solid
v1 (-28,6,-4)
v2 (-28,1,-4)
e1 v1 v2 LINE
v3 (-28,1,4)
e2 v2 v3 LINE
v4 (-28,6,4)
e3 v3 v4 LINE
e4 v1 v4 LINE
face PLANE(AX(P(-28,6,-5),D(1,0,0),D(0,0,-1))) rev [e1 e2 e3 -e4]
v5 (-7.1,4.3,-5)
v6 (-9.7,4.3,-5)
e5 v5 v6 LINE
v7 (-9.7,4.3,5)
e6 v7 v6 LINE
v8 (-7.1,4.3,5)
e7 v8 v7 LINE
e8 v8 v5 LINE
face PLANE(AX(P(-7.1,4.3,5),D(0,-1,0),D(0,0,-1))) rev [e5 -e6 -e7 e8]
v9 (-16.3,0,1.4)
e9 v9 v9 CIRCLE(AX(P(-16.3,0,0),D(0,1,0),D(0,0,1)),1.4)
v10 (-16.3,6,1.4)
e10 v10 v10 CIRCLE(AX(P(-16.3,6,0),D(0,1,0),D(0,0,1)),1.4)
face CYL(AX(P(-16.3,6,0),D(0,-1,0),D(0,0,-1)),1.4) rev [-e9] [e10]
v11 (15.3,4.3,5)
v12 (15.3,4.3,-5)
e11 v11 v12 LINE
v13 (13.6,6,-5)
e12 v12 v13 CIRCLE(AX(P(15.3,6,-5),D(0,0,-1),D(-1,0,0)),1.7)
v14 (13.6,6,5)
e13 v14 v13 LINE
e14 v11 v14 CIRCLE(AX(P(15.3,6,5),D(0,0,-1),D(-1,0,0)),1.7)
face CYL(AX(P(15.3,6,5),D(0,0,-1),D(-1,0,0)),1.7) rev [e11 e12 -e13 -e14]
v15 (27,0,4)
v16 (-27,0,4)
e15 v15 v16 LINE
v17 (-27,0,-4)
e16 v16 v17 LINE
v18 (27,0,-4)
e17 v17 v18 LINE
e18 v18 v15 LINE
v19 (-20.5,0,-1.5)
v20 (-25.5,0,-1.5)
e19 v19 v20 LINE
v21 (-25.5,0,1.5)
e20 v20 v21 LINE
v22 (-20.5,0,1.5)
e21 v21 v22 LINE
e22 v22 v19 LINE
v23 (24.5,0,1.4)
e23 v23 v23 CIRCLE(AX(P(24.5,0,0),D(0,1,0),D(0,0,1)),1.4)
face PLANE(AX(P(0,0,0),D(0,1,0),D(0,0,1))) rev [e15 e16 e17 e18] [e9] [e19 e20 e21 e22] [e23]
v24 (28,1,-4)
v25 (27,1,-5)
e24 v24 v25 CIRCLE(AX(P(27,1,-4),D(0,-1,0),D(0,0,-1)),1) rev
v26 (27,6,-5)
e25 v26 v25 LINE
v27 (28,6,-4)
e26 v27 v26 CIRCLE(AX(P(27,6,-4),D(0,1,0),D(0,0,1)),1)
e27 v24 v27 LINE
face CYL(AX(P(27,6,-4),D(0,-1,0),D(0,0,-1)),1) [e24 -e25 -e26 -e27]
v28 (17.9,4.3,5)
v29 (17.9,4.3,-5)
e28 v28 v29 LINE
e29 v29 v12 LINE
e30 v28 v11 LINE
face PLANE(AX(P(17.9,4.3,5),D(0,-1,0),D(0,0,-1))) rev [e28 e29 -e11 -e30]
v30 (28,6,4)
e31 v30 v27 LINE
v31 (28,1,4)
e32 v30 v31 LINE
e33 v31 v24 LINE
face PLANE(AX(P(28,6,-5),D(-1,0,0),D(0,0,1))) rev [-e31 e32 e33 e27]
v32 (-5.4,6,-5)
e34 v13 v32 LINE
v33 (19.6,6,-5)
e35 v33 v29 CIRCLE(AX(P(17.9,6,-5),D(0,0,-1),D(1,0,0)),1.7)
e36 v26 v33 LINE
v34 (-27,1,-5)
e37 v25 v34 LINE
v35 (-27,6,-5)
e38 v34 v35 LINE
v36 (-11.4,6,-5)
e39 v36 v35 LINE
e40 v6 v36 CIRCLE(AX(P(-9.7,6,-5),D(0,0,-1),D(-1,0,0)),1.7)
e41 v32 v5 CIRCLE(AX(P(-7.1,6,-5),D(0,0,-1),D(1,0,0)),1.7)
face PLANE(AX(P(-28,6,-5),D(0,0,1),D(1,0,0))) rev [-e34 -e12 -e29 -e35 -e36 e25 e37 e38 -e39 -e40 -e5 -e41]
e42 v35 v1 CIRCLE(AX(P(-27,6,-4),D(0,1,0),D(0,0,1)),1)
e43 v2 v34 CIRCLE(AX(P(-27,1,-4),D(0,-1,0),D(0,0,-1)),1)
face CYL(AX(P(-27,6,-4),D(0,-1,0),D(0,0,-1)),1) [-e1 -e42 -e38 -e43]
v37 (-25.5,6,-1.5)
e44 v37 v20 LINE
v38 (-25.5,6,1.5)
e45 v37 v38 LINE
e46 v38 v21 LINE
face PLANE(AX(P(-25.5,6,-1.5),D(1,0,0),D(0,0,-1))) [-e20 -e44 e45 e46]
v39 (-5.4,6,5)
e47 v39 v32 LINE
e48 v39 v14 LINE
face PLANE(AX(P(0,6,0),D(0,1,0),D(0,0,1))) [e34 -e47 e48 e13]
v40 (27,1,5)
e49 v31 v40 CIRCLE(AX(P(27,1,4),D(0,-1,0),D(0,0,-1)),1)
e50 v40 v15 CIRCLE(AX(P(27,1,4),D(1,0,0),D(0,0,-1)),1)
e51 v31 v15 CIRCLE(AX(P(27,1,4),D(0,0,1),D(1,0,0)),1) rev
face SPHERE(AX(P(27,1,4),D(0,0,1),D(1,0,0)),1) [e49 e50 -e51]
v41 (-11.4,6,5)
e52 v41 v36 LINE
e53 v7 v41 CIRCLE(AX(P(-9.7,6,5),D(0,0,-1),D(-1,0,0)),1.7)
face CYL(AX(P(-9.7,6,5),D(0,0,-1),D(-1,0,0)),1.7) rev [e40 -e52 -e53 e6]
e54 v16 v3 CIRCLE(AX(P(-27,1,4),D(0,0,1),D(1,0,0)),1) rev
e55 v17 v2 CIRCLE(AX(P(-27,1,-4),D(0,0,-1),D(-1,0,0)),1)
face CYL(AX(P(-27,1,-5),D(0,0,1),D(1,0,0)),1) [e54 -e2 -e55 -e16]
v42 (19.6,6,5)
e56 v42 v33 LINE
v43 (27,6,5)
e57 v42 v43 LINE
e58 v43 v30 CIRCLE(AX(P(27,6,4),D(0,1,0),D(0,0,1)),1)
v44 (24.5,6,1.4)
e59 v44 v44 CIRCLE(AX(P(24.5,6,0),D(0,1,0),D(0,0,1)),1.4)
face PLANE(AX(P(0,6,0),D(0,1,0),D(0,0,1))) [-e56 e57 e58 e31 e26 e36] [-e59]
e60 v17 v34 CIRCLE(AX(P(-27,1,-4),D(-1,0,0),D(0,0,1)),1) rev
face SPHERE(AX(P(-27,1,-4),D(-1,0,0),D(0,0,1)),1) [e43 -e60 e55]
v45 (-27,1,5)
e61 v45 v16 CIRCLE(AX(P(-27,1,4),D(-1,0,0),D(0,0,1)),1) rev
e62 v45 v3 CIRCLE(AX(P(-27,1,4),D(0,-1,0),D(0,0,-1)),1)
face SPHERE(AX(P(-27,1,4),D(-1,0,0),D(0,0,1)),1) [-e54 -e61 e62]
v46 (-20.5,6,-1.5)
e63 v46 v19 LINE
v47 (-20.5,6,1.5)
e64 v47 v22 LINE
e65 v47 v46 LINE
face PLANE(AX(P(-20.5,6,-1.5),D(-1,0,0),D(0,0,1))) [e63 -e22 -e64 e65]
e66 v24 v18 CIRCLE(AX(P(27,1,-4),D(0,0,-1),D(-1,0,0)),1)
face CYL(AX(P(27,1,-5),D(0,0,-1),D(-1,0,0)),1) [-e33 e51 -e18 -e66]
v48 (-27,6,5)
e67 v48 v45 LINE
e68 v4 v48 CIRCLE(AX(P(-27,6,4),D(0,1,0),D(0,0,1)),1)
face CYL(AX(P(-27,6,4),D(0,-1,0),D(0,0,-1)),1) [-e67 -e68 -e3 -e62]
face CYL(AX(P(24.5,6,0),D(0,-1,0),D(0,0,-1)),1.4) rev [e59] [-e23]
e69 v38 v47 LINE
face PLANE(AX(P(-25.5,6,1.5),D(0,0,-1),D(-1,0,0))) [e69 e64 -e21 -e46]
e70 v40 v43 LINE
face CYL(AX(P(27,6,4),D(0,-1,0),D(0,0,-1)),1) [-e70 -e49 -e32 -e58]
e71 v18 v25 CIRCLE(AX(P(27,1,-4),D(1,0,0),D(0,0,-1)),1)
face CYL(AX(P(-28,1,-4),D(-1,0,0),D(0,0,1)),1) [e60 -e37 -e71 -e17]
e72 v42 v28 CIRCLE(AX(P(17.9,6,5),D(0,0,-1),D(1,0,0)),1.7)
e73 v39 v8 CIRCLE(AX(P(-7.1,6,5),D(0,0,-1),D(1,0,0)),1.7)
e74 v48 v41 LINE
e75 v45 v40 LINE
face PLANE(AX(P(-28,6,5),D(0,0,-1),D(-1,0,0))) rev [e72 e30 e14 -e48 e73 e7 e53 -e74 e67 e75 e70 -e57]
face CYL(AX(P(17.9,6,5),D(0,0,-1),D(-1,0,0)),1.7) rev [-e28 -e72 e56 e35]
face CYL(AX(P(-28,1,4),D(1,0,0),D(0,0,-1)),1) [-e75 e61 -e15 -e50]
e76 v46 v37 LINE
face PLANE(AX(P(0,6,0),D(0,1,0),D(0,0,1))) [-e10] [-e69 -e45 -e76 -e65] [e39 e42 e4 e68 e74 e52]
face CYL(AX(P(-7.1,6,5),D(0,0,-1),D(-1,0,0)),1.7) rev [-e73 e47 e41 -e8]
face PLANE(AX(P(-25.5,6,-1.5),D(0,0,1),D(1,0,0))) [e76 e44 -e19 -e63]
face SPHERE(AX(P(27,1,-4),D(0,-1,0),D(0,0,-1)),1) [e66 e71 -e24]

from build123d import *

# Parameters (mm, degrees)
SKETCH1_W                 = 56
SKETCH1_H                 = 10
SKETCH1_R                 = 1.4
SKETCH1_W_2               = 5
SKETCH1_H_2               = 3
BASE_DEPTH                = 6
BASKET_WIRE_GROOVES_DEPTH = 31.331501776
F_1MM_EDGE_FILLETS_R      = 1


with BuildPart() as part:
    # Sketch1 → Base (new body)
    with BuildSketch(Plane(origin=(0, 0, 0), x_dir=(1, 0, 0), z_dir=(0, 1, 0))):
        Rectangle(SKETCH1_W, SKETCH1_H)
        with Locations((-16.3, 0)):
            Circle(SKETCH1_R, mode=Mode.SUBTRACT)
        with Locations((24.5, 0)):
            Circle(SKETCH1_R, mode=Mode.SUBTRACT)
        with Locations((-23, 0)):
            Rectangle(SKETCH1_W_2, SKETCH1_H_2, mode=Mode.SUBTRACT)
    extrude(amount=BASE_DEPTH)

    # Sketch2 → Basket Wire Grooves (cut, through all)
    with BuildSketch(Plane(origin=(0, 0, -5), x_dir=(-1, 0, 0), z_dir=(0, 0, -1))):
        with BuildLine():
            Line((-13.6, 6), (-19.6, 6))
            ThreePointArc((-19.6, 6), (-19.102081528, 4.797918472), (-17.9, 4.3))
            Line((-17.9, 4.3), (-15.3, 4.3))
            ThreePointArc((-15.3, 4.3), (-14.097918472, 4.797918472), (-13.6, 6))
        make_face()
        with BuildLine():
            Line((5.4, 6), (11.4, 6))
            ThreePointArc((11.4, 6), (10.902081528, 4.797918472), (9.7, 4.3))
            Line((9.7, 4.3), (7.1, 4.3))
            ThreePointArc((7.1, 4.3), (5.897918472, 4.797918472), (5.4, 6))
        make_face()
    extrude(amount=-BASKET_WIRE_GROOVES_DEPTH, mode=Mode.SUBTRACT)

    # 1mm Edge Fillets
    f_1mm_edge_fillets_edges = [part.edges().sort_by_distance(p)[0] for p in [
        (28, 3, -5),
        (28, 3, 5),
        (-28, 3, -5),
        (-28, 3, 5),
        (-28, 0, 0),
        (0, 0, -5),
        (0, 0, 5),
        (28, 0, 0),
    ]]
    fillet(f_1mm_edge_fillets_edges, radius=F_1MM_EDGE_FILLETS_R)


solid = part.part
